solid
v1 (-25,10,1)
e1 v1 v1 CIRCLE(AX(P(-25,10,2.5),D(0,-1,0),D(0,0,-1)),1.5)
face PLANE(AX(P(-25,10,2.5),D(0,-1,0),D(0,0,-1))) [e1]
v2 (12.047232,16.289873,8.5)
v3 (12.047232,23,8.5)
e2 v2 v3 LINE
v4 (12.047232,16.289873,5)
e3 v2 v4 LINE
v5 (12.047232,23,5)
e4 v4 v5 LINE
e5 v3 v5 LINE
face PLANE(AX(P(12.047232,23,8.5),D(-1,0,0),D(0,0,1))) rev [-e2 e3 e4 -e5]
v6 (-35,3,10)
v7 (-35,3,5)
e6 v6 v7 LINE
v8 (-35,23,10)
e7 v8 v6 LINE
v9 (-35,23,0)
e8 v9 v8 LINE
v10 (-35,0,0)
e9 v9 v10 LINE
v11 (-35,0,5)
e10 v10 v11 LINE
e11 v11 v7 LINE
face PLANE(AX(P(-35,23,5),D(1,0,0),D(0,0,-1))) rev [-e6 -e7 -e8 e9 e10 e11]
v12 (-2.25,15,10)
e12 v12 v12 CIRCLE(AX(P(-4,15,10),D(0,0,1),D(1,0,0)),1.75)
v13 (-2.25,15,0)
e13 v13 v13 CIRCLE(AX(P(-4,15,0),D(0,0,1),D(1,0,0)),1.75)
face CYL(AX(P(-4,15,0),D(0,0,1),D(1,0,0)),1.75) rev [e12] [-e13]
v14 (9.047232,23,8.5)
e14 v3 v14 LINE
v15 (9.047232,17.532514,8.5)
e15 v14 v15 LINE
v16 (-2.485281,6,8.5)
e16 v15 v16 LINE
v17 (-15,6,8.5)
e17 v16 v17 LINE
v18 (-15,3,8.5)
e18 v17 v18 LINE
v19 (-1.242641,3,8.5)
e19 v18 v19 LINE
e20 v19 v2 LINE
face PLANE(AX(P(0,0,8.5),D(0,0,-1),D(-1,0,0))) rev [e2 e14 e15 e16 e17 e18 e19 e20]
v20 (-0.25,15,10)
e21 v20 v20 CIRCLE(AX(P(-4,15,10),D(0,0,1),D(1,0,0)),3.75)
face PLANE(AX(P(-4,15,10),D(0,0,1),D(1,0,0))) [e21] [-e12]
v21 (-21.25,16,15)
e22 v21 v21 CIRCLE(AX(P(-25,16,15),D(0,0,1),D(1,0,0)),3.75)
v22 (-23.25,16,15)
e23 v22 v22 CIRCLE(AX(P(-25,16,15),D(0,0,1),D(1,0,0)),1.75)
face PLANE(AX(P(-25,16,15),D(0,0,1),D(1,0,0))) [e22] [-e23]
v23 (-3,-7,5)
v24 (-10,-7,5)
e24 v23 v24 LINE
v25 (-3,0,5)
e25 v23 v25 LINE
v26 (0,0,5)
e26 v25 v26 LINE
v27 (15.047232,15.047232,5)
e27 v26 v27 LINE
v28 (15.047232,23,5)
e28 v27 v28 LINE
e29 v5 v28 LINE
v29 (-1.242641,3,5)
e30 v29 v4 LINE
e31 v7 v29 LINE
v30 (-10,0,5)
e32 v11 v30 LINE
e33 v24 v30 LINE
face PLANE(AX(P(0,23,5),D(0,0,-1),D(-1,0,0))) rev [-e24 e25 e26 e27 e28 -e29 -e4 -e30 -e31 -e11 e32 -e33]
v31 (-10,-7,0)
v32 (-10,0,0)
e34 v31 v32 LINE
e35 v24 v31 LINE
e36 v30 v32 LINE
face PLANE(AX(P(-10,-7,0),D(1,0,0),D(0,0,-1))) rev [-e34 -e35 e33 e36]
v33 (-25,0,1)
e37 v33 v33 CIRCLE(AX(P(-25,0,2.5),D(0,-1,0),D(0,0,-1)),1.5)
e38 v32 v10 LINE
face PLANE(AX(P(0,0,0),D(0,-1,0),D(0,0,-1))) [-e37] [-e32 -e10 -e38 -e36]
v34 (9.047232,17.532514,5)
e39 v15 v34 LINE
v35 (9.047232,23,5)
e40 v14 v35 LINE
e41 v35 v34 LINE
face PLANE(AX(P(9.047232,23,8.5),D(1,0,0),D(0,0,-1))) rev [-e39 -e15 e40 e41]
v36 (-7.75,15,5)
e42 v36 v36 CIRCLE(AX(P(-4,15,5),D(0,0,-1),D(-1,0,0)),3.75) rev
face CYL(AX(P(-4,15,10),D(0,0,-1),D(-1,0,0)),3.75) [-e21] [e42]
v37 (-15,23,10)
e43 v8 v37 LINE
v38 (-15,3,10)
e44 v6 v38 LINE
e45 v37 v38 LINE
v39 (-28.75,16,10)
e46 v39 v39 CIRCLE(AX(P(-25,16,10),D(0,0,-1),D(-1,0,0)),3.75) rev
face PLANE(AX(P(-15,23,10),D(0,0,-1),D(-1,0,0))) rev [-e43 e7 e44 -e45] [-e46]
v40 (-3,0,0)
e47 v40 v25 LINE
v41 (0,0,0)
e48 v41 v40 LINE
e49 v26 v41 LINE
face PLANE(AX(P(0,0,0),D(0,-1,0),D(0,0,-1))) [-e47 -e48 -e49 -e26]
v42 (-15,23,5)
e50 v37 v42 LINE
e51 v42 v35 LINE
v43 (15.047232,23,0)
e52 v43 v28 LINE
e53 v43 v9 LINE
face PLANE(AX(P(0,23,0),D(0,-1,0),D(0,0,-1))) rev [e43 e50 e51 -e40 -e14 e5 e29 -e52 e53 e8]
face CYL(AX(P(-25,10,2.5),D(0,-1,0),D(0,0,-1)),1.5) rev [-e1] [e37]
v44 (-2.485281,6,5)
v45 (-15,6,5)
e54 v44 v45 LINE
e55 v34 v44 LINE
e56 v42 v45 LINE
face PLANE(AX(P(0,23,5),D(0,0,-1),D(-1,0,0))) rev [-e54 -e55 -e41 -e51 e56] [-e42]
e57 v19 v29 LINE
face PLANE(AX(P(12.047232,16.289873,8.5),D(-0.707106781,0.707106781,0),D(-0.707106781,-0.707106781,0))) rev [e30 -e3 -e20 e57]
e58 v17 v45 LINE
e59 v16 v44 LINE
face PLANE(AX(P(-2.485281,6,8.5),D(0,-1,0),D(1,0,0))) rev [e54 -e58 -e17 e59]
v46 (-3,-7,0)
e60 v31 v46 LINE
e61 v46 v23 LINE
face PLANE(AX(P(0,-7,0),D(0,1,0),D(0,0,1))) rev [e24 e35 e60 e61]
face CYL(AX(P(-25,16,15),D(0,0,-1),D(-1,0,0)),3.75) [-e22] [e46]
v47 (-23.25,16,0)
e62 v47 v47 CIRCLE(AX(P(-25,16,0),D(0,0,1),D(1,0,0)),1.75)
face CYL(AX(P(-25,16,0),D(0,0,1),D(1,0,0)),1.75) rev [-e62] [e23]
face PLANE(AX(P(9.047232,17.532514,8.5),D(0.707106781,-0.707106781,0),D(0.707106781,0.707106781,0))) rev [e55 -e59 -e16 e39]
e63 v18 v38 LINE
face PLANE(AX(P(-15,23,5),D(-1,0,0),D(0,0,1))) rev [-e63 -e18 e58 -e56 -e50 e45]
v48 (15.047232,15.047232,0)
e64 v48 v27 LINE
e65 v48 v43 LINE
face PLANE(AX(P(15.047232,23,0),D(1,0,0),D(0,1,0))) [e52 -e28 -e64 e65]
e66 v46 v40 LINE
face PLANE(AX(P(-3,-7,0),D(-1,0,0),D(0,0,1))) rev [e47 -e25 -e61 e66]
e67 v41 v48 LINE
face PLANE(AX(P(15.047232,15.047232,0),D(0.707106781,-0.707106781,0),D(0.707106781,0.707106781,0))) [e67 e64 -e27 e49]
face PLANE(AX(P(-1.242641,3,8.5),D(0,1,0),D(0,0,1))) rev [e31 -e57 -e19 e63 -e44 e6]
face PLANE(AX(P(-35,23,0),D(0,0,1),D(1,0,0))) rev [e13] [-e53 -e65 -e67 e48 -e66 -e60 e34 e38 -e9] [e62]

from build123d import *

# Parameters (mm, degrees)
BOSS_EXTRUDE1_DEPTH = 23
SKETCH2_R           = 1.75
CUT_EXTRUDE1_DEPTH  = 11
SKETCH3_R           = 1.5
CUT_EXTRUDE2_DEPTH  = 10
SKETCH4_W           = 7
SKETCH4_H           = 5
BOSS_EXTRUDE2_DEPTH = 7
SKETCH5_R           = 3.75
SKETCH5_R_2         = 1.75
BOSS_EXTRUDE3_DEPTH = 5
SKETCH6_R           = 3.75
SKETCH6_R_2         = 1.75
BOSS_EXTRUDE4_DEPTH = 5
BOSS_EXTRUDE5_DEPTH = 5
BOSS_EXTRUDE6_DEPTH = 3.5
SKETCH9_W           = 5
SKETCH9_H           = 3
CUT_EXTRUDE3_DEPTH  = 20


with BuildPart() as part:
    # Sketch1 → Boss-Extrude1 (new body)
    with BuildSketch(Plane(origin=(0, 0, 0), x_dir=(1, 0, 0), z_dir=(0, 1, 0))):
        Polygon((0, 0), (-18, 0), (-22, 0), (-35, 0), (-35, -5), (-35, -10), (-15, -10), (-15, -5), (0, -5), align=None)
    extrude(amount=BOSS_EXTRUDE1_DEPTH)

    # Sketch2 → Cut-Extrude1 (cut, through all)
    with BuildSketch(Plane.XY.offset(10)):
        with Locations((-25, 16)):
            Circle(SKETCH2_R)
        with Locations((-4, 15)):
            Circle(SKETCH2_R)
    extrude(amount=-CUT_EXTRUDE1_DEPTH, mode=Mode.SUBTRACT)

    # Sketch3 → Cut-Extrude2 (cut)
    with BuildSketch(Plane.XZ):
        with Locations((-25, 2.5)):
            Circle(SKETCH3_R)
    extrude(amount=-CUT_EXTRUDE2_DEPTH, mode=Mode.SUBTRACT)

    # Sketch4 → Boss-Extrude2 (add)
    with BuildSketch(Plane.XZ):
        with Locations((-6.5, 2.5)):
            Rectangle(SKETCH4_W, SKETCH4_H)
    extrude(amount=BOSS_EXTRUDE2_DEPTH)

    # Sketch5 → Boss-Extrude3 (add)
    with BuildSketch(Plane.XY.offset(10)):
        with Locations((-25, 16)):
            Circle(SKETCH5_R)
        with Locations((-25, 16)):
            Circle(SKETCH5_R_2, mode=Mode.SUBTRACT)
    extrude(amount=BOSS_EXTRUDE3_DEPTH)

    # Sketch6 → Boss-Extrude4 (add)
    with BuildSketch(Plane.XY.offset(5)):
        with Locations((-4, 15)):
            Circle(SKETCH6_R)
        with Locations((-4, 15)):
            Circle(SKETCH6_R_2, mode=Mode.SUBTRACT)
    extrude(amount=BOSS_EXTRUDE4_DEPTH)

    # Sketch7 → Boss-Extrude5 (add)
    with BuildSketch(Plane.XY.offset(5)):
        Polygon((0, 0), (0, 23), (15.047232304, 23), (15.047232304, 15.047232304), align=None)
    extrude(amount=-BOSS_EXTRUDE5_DEPTH)

    # Sketch8 → Boss-Extrude6 (add)
    with BuildSketch(Plane.XY.offset(5)):
        Polygon((12.047232304, 23), (12.047232304, 16.289872991), (-1.242640687, 3), (-15, 3), (-15, 6), (-2.485281374, 6), (9.047232304, 17.532513678), (9.047232304, 23), align=None)
    extrude(amount=BOSS_EXTRUDE6_DEPTH)

    # Sketch9 → Cut-Extrude3 (cut)
    with BuildSketch(Plane(origin=(-15, 0, 0), x_dir=(0, 0, -1), z_dir=(1, 0, 0))):
        with Locations((-7.5, 1.5)):
            Rectangle(SKETCH9_W, SKETCH9_H)
    extrude(amount=-CUT_EXTRUDE3_DEPTH, mode=Mode.SUBTRACT)


solid = part.part
